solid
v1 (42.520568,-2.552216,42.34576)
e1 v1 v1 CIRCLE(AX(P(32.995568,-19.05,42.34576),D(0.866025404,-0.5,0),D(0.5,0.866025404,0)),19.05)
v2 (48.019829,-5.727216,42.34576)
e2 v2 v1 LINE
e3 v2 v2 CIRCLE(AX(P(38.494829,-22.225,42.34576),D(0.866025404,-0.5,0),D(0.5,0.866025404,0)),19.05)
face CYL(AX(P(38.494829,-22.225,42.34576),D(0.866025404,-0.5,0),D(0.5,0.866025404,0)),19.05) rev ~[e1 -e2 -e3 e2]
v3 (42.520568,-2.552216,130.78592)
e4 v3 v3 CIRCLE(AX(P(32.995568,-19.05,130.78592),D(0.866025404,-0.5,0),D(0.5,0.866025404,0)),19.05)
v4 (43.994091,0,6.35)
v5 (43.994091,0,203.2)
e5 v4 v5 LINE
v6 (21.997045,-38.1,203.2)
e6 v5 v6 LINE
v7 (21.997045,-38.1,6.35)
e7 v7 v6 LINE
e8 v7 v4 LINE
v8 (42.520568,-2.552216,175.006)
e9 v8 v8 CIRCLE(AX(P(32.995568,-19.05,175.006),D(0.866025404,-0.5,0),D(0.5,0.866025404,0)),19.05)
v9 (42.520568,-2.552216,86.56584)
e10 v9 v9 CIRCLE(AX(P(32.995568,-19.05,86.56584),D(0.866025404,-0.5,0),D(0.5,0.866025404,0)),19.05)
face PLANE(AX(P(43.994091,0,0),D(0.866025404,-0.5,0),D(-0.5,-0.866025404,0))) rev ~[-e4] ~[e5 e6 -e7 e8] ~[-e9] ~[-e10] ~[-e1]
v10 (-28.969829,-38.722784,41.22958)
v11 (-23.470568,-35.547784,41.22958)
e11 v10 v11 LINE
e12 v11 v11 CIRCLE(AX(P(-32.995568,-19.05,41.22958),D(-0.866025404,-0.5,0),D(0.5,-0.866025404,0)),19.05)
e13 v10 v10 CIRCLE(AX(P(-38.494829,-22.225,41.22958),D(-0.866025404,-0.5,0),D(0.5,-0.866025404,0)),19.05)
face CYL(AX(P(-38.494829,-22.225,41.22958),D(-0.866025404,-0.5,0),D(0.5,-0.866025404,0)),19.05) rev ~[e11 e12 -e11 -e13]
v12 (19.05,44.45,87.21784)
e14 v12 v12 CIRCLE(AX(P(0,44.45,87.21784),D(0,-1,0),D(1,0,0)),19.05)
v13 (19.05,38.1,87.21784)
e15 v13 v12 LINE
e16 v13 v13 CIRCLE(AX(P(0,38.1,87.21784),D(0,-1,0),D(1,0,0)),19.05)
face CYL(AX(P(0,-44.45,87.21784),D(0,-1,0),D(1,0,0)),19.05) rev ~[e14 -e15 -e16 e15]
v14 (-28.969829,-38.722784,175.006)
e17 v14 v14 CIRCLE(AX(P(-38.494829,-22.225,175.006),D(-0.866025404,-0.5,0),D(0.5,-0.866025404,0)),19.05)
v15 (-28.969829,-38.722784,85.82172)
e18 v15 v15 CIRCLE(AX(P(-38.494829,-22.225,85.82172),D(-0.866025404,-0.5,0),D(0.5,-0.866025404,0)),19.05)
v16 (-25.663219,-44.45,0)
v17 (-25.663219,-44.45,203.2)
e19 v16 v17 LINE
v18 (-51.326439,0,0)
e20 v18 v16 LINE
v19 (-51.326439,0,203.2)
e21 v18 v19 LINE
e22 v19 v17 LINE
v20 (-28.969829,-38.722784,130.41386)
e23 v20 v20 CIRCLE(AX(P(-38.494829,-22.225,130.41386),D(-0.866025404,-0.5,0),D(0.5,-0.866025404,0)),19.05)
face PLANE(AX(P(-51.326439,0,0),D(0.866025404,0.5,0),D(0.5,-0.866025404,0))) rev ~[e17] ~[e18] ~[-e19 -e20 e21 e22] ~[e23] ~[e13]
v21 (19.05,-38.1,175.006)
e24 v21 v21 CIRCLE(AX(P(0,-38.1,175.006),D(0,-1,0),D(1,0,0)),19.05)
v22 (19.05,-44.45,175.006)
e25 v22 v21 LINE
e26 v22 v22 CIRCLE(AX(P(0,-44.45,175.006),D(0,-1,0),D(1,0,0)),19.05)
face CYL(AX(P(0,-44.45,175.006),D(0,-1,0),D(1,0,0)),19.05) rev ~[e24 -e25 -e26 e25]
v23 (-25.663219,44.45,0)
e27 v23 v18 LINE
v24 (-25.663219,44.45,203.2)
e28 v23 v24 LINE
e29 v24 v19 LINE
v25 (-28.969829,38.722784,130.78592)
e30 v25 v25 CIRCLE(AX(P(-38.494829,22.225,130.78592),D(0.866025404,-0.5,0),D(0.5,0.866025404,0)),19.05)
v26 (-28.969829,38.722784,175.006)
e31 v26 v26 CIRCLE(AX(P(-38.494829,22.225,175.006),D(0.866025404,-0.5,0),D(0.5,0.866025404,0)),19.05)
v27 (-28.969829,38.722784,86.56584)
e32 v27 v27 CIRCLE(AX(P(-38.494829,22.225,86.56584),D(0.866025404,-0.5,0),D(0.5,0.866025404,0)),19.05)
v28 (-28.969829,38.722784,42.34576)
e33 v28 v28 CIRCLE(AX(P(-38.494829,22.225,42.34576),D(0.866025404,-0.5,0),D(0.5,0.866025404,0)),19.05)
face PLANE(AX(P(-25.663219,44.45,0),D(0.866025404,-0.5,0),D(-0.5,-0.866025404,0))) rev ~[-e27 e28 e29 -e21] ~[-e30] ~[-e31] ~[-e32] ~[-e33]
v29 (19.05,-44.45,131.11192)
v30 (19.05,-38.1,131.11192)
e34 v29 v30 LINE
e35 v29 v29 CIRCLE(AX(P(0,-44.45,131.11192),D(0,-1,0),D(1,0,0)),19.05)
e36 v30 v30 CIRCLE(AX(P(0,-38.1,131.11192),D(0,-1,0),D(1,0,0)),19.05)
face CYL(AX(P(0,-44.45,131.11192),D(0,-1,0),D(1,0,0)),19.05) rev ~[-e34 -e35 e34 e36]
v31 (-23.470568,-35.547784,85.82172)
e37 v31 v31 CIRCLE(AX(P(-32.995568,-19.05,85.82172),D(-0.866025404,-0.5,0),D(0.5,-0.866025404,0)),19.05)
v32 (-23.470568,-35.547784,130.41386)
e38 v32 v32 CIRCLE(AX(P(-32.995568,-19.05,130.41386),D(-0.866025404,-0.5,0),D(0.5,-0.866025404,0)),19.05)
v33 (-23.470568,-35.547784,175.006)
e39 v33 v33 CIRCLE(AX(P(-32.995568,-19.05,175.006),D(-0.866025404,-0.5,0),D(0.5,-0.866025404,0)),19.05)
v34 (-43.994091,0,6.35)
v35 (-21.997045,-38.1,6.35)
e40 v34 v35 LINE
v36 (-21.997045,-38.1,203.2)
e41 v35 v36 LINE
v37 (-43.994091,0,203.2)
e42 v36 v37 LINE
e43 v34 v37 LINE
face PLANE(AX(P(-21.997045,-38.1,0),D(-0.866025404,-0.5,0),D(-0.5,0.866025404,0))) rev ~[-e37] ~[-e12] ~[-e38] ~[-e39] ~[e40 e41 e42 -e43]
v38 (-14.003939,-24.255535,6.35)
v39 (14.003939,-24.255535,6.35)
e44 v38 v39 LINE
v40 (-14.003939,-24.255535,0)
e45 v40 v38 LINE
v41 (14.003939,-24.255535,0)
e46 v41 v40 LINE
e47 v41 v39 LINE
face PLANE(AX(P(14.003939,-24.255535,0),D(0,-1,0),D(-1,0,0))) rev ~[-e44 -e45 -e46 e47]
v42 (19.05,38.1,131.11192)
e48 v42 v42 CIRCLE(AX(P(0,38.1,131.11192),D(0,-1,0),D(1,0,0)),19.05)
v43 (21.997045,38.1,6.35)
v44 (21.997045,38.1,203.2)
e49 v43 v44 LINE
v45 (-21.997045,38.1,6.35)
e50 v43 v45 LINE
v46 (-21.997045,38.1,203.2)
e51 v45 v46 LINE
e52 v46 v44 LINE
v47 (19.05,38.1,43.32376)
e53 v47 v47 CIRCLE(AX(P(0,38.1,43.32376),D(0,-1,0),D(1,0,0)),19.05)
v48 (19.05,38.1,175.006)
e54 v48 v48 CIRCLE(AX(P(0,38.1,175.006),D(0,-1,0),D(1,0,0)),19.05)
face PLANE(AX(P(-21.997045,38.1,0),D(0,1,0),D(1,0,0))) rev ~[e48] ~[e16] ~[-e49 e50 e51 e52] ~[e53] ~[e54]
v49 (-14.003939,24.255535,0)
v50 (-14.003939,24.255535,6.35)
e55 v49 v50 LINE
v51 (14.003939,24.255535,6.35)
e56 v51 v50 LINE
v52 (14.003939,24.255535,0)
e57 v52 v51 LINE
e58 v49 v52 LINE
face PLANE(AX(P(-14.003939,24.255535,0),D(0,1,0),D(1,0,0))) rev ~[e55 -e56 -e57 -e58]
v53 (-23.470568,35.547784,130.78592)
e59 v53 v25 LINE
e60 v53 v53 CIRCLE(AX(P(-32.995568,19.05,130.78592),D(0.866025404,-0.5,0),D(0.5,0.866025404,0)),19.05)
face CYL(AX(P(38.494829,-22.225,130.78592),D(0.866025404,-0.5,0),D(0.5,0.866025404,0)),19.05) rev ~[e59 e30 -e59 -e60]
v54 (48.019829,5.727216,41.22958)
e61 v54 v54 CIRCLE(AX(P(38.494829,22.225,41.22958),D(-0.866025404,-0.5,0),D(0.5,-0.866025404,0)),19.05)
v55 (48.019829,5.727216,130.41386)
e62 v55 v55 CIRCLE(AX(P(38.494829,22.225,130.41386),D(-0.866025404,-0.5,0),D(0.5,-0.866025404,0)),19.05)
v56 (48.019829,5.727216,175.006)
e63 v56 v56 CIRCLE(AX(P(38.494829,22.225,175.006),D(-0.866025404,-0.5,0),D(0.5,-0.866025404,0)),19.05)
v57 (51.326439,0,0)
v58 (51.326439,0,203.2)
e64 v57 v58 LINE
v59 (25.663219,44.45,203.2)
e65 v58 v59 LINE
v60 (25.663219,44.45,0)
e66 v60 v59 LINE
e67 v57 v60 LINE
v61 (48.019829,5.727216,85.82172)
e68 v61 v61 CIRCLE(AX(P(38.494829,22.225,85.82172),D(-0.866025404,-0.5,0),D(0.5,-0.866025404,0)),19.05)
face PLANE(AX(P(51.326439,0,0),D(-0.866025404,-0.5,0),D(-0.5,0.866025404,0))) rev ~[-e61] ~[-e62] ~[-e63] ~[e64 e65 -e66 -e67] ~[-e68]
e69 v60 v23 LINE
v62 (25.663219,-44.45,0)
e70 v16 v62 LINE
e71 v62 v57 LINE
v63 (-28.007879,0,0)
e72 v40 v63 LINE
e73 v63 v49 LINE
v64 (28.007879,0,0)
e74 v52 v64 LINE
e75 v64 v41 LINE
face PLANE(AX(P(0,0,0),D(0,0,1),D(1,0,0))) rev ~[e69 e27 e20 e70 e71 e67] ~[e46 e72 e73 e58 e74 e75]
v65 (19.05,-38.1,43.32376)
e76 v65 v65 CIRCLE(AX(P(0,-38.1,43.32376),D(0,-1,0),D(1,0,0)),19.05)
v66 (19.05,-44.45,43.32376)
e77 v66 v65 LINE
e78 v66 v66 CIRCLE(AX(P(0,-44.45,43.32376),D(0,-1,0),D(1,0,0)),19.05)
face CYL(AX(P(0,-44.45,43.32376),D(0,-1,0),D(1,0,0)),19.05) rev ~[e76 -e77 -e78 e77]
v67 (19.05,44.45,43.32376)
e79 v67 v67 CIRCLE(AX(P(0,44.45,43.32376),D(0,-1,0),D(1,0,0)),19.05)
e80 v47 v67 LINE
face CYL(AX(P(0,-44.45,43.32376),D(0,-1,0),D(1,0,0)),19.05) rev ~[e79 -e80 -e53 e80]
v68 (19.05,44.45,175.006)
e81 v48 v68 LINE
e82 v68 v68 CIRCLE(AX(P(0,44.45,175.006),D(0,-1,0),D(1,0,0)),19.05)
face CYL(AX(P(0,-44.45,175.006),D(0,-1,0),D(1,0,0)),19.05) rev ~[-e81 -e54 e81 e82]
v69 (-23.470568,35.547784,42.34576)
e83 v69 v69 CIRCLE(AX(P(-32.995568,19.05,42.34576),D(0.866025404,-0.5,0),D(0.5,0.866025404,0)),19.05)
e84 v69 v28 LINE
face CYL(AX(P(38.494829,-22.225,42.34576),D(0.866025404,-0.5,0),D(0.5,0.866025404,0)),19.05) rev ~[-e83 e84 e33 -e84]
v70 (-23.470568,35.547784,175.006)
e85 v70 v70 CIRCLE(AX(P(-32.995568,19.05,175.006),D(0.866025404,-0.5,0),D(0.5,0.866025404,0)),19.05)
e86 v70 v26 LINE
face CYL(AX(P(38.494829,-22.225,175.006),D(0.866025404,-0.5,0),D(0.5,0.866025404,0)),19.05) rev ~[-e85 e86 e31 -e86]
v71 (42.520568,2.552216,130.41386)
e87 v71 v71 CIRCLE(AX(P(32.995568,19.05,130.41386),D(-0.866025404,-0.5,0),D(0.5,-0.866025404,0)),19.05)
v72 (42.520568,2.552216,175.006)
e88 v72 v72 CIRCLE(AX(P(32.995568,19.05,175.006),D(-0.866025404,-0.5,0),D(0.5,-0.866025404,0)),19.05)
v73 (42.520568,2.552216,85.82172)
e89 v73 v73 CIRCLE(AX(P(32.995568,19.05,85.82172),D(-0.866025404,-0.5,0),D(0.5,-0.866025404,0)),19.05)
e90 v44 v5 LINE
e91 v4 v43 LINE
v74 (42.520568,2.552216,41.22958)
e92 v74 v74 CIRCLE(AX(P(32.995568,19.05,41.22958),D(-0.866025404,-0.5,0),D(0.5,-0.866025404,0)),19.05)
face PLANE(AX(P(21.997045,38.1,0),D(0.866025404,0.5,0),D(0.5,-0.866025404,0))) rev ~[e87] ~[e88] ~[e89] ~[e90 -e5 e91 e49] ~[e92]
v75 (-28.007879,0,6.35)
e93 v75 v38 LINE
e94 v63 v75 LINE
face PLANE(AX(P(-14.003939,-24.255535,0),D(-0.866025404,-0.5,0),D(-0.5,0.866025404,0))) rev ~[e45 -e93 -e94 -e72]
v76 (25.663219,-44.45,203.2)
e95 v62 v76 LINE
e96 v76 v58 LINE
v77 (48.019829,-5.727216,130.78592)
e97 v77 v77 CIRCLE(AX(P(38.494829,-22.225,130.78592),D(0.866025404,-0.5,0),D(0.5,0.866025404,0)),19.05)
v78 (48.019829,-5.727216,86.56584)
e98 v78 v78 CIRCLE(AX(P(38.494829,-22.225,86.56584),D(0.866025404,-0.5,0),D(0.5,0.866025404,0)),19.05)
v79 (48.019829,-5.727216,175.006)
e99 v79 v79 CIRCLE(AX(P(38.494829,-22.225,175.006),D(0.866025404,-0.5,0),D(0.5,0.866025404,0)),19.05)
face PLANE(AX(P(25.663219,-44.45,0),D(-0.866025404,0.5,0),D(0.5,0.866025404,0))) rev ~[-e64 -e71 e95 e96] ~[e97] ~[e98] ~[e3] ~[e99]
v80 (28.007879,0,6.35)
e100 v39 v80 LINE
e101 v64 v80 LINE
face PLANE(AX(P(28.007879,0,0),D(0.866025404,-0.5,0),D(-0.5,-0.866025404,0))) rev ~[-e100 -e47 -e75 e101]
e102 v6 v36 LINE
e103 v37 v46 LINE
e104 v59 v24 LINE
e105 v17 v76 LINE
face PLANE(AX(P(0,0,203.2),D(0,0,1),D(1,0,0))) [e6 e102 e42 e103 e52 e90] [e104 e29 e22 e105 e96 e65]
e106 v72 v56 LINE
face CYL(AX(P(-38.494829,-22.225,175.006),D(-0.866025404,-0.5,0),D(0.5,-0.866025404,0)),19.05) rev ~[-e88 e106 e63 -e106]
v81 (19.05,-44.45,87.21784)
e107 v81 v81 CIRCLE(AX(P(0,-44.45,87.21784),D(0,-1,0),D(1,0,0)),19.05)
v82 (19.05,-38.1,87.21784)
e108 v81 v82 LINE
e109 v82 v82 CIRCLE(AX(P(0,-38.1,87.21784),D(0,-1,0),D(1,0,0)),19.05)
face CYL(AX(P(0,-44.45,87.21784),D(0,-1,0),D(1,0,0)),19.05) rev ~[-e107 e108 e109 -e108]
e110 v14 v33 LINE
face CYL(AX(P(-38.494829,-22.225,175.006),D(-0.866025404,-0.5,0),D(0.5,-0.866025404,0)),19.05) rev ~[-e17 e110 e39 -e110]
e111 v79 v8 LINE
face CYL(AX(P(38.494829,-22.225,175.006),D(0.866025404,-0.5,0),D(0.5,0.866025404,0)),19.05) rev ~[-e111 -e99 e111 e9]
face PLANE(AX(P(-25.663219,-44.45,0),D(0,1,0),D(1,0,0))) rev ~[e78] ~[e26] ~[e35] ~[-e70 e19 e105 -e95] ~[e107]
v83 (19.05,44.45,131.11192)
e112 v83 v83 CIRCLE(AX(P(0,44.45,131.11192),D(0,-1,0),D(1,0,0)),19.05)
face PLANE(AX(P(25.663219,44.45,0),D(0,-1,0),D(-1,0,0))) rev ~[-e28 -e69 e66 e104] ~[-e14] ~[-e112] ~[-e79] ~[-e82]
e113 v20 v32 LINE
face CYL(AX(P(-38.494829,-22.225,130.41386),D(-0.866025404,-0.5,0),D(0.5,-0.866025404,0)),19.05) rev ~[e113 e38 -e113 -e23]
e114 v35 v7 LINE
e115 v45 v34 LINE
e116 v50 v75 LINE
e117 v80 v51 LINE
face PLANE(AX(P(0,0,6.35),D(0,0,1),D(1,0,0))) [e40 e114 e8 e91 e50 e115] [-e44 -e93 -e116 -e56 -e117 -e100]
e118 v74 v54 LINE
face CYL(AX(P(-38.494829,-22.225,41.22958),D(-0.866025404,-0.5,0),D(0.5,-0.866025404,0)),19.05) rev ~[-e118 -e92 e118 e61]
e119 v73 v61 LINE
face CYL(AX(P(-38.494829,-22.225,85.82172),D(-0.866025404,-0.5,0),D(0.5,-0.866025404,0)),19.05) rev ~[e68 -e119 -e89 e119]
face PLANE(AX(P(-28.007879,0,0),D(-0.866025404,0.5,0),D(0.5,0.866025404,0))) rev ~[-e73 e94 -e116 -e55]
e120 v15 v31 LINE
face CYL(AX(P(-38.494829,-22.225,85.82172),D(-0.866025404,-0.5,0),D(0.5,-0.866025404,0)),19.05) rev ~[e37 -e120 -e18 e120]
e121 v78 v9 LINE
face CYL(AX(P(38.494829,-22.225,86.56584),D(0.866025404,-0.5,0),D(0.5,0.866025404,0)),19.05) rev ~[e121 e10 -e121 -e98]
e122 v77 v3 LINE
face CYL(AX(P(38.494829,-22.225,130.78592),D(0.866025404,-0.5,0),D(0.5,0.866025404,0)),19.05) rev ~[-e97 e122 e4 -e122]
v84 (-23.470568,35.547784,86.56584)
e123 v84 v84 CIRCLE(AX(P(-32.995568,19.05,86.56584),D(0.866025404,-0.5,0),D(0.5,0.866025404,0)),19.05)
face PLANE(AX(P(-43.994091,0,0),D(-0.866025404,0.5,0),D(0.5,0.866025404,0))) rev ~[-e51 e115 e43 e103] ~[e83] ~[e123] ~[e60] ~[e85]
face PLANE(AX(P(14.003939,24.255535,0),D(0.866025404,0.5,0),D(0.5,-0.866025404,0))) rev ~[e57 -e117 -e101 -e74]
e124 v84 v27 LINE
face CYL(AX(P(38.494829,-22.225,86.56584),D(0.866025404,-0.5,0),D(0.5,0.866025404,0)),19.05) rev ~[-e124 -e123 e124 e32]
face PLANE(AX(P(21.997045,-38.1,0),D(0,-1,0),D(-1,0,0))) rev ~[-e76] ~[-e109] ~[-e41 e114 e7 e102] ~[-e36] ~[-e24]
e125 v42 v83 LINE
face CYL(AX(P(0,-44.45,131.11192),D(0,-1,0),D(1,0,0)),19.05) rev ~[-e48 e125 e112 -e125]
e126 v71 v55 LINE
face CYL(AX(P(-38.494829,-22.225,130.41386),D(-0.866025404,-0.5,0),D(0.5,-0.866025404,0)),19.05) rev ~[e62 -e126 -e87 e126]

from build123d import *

# Parameters (mm, degrees)
F1_DEPTH  = 203.2
F2_DEPTH  = 6.35
F3_R      = 19.05
F6_DEPTH  = 101.6
F4_R      = 19.05
F7_DEPTH  = 101.6
F5_R      = 19.05
F8_DEPTH  = 101.6
F10_DEPTH = 25.4


with BuildPart() as f1:
    # F0 (on Top) → F1 (new body)
    with BuildSketch(Plane.XY):
        Polygon((25.6632194655, 44.45), (-25.6632194655, 44.45), (-51.326438931, 0), (-25.6632194655, -44.45), (25.6632194655, -44.45), (51.326438931, 0), align=None)
        Polygon((43.9940905122, 0), (21.9970452561, -38.1), (-21.9970452561, -38.1), (-43.9940905122, 0), (-21.9970452561, 38.1), (21.9970452561, 38.1), align=None, mode=Mode.SUBTRACT)
    extrude(amount=F1_DEPTH)

    # F0 (on Top) → F2 (join)
    with BuildSketch(Plane.XY):
        Polygon((-21.9970452561, -38.1), (21.9970452561, -38.1), (43.9940905122, 0), (21.9970452561, 38.1), (-21.9970452561, 38.1), (-43.9940905122, 0), align=None)
    extrude(amount=F2_DEPTH)

    # F3 (on face) → F6 (cut)
    with BuildSketch(Plane.XZ.offset(44.45)):
        with BuildLine():
            ThreePointArc((0, 194.056), (-13.4703841816, 161.5356158184), (19.05, 175.006))
            ThreePointArc((19.05, 175.006), (13.4703841816, 188.4763841816), (0, 194.056))
        make_face()
        with Locations((0, 131.11192)):
            Circle(F3_R)
        with Locations((0, 87.21784)):
            Circle(F3_R)
        with Locations((0, 43.32376)):
            Circle(F3_R)
    extrude(amount=-F6_DEPTH, mode=Mode.SUBTRACT)

    # F4 (on face) → F7 (cut)
    with BuildSketch(Plane(origin=(38.4948291982, -22.225, 0), x_dir=(0.5, 0.8660254038, 0), z_dir=(0.8660254038, -0.5, 0))):
        with BuildLine():
            ThreePointArc((0, 194.056), (-13.4703841816, 161.5356158184), (19.05, 175.006))
            ThreePointArc((19.05, 175.006), (13.4703841816, 188.4763841816), (0, 194.056))
        make_face()
        with Locations((0, 130.78592)):
            Circle(F4_R)
        with Locations((0, 86.56584)):
            Circle(F4_R)
        with Locations((0, 42.34576)):
            Circle(F4_R)
    extrude(amount=-F7_DEPTH, mode=Mode.SUBTRACT)

    # F5 (on face) → F8 (cut)
    with BuildSketch(Plane(origin=(-38.4948291982, -22.225, 0), x_dir=(0.5, -0.8660254038, 0), z_dir=(-0.8660254038, -0.5, 0))):
        with BuildLine():
            ThreePointArc((0, 194.056), (-13.4703841816, 161.5356158184), (19.05, 175.006))
            ThreePointArc((19.05, 175.006), (13.4703841816, 188.4763841816), (0, 194.056))
        make_face()
        with Locations((0, 130.41386)):
            Circle(F5_R)
        with Locations((0, 85.82172)):
            Circle(F5_R)
        with Locations((0, 41.22958)):
            Circle(F5_R)
    extrude(amount=-F8_DEPTH, mode=Mode.SUBTRACT)

    # F9 (on face) → F10 (cut)
    with BuildSketch(Plane(origin=(0, 0, 0), x_dir=(1, 0, 0), z_dir=(0, 0, -1))):
        Polygon((-14.0039394503, -24.255534634), (14.0039394503, -24.255534634), (28.0078789005, 0), (14.0039394503, 24.255534634), (-14.0039394503, 24.255534634), (-28.0078789005, 0), align=None)
    extrude(amount=-F10_DEPTH, mode=Mode.SUBTRACT)


solid = f1.part
